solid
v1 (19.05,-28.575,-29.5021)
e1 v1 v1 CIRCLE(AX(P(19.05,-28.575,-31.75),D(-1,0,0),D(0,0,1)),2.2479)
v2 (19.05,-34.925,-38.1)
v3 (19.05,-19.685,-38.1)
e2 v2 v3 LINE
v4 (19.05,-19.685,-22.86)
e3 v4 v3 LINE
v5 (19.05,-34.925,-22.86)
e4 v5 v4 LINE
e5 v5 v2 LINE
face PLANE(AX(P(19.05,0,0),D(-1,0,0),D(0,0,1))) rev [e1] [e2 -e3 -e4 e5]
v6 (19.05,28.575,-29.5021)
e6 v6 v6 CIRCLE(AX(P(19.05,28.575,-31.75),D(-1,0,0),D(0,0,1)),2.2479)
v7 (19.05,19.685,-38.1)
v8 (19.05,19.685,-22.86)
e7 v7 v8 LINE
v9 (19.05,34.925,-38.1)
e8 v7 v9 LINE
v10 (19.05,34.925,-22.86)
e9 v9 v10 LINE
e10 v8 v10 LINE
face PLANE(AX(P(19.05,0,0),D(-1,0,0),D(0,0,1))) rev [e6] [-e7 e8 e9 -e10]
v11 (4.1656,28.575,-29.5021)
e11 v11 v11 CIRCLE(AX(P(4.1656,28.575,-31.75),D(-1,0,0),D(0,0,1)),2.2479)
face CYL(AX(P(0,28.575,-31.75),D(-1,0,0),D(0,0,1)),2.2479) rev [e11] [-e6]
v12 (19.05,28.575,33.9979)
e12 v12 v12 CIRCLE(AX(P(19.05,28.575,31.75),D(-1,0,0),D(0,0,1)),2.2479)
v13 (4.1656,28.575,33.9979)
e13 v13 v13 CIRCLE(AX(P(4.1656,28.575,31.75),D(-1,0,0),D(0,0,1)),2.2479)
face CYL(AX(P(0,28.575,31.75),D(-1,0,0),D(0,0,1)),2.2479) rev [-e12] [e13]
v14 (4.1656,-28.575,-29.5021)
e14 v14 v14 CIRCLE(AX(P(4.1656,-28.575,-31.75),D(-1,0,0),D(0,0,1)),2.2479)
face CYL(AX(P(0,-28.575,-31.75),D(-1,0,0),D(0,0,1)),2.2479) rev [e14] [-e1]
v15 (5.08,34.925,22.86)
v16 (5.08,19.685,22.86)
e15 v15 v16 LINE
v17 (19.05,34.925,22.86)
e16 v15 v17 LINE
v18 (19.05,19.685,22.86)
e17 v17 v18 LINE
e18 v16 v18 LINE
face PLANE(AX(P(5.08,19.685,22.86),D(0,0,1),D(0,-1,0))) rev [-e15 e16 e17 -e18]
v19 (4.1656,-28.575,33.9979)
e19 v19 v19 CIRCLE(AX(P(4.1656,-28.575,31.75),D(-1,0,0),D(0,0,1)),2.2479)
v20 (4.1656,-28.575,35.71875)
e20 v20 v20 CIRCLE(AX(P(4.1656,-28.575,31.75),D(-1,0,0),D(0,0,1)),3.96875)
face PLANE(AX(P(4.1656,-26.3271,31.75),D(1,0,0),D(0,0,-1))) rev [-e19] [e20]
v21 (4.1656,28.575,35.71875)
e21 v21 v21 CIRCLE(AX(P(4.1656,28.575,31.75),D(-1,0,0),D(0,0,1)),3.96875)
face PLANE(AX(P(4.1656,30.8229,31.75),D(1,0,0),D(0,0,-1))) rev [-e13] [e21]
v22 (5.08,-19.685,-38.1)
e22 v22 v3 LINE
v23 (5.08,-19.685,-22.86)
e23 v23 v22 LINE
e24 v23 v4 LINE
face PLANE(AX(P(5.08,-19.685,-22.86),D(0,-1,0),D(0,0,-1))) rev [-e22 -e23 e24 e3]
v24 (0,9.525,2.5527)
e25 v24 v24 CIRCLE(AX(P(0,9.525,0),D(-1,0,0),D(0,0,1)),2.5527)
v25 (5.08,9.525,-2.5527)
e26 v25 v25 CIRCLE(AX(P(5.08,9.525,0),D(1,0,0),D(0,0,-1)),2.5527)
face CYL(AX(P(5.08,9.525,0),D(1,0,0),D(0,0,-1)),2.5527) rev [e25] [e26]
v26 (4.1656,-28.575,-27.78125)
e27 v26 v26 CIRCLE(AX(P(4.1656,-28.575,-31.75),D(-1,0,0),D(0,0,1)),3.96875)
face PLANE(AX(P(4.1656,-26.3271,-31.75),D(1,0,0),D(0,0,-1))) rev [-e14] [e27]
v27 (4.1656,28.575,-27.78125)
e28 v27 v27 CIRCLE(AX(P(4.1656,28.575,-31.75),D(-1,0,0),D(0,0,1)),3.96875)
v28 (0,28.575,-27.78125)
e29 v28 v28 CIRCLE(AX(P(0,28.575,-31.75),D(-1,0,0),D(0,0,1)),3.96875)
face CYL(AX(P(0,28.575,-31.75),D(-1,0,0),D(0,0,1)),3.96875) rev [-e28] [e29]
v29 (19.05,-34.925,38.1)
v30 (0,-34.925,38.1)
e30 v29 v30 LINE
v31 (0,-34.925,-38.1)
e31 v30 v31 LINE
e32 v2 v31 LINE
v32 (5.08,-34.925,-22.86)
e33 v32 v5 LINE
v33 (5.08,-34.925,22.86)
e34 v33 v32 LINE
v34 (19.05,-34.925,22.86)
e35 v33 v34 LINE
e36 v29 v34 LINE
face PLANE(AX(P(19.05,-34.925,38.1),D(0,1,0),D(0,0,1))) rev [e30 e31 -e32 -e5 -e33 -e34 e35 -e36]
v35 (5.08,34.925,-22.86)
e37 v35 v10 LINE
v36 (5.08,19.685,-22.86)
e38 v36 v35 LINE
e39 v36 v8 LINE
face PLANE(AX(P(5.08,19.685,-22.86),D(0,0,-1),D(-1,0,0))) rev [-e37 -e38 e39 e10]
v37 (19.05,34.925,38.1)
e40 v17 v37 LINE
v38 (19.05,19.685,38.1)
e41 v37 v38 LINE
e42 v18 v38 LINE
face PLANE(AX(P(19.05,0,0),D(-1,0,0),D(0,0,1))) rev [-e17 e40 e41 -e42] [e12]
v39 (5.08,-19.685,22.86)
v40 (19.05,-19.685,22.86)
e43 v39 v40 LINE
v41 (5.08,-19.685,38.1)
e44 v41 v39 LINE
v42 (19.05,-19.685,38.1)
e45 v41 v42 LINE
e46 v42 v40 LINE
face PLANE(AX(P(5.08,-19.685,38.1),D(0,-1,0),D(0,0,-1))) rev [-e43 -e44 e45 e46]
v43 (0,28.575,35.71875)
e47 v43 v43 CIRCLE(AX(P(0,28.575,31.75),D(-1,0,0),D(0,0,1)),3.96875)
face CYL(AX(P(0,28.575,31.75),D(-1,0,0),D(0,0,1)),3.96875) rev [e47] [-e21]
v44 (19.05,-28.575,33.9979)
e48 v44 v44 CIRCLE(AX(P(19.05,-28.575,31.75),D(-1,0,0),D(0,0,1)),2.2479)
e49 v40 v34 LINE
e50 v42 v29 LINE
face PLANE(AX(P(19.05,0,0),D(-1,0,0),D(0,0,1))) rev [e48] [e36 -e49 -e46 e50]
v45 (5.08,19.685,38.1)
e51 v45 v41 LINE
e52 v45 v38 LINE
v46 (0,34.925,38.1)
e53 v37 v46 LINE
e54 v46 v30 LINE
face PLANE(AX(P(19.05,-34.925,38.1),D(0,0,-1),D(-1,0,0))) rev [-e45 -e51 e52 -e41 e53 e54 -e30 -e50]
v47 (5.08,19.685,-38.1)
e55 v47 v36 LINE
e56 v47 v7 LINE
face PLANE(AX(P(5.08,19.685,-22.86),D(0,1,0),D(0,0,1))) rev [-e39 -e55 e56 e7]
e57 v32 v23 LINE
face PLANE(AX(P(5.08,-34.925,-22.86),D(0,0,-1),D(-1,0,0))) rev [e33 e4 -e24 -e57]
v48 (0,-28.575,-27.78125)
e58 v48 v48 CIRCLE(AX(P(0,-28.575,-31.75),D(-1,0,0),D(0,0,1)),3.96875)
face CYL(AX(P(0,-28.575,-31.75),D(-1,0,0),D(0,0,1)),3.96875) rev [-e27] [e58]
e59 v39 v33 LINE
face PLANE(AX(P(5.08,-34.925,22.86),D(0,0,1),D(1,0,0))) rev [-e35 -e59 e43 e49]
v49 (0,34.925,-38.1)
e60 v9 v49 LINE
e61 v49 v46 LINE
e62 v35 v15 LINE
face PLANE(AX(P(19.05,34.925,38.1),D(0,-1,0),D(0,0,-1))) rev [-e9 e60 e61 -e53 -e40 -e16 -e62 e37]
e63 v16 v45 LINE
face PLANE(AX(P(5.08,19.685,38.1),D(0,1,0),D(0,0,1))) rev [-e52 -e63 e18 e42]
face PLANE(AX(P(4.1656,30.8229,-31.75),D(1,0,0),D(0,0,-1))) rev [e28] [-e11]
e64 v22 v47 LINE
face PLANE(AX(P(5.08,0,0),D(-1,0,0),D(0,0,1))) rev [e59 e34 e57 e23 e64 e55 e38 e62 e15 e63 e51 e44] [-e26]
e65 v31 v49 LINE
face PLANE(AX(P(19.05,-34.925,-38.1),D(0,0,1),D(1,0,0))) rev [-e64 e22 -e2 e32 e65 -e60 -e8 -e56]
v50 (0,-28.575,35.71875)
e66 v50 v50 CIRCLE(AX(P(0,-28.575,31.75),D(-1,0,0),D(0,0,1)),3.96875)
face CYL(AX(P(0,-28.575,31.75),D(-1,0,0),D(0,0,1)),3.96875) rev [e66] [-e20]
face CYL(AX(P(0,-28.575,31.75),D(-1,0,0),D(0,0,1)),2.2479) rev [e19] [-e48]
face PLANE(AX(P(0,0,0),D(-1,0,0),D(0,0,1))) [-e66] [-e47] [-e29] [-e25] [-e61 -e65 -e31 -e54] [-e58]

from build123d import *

# Parameters (mm, degrees)
SKETCH1_W                                      = 76.2
SKETCH1_H                                      = 69.85
BOSS_EXTRUDE1_DEPTH                            = 19.05
CUT_EXTRUDE1_DEPTH                             = 13.97
CBORE_FOR_8_SOCKET_HEAD_CAP_SCREW1_D           = 4.4958
CBORE_FOR_8_SOCKET_HEAD_CAP_SCREW1_CBORE_D     = 7.9375
CBORE_FOR_8_SOCKET_HEAD_CAP_SCREW1_CBORE_DEPTH = 4.1656
F_1_4_20_TAPPED_HOLE1_D                        = 5.1054
F_1_4_20_TAPPED_HOLE1_DEPTH                    = 19.05
F_1_4_20_TAPPED_HOLE1_TIP                      = 1.533816902


with BuildPart() as part:
    # Sketch1 → Boss-Extrude1 (new body)
    with BuildSketch(Plane(origin=(0, 0, 0), x_dir=(0, 0, -1), z_dir=(1, 0, 0))):
        Rectangle(SKETCH1_W, SKETCH1_H)
    extrude(amount=BOSS_EXTRUDE1_DEPTH)

    # Sketch2 → Cut-Extrude1 (cut)
    with BuildSketch(Plane(origin=(19.05, 0, 0), x_dir=(0, 0, -1), z_dir=(1, 0, 0))):
        Polygon((-22.86, -34.925), (22.86, -34.925), (22.86, -19.685), (38.1, -19.685), (38.1, 19.685), (22.86, 19.685), (22.86, 34.925), (-22.86, 34.925), (-22.86, 19.685), (-38.1, 19.685), (-38.1, -19.685), (-22.86, -19.685), align=None)
    extrude(amount=-CUT_EXTRUDE1_DEPTH, mode=Mode.SUBTRACT)

    # CBORE for #8 Socket Head Cap Screw1 (through all)
    with Locations(Plane(origin=(0, -5.74842533, -9.122205943), x_dir=(0, 0, -1), z_dir=(-1, 0, 0))):
        with Locations((-40.872205943, -34.32342533), (22.627794057, -34.32342533), (22.627794057, 22.82657467), (-40.872205943, 22.82657467)):
            CounterBoreHole(CBORE_FOR_8_SOCKET_HEAD_CAP_SCREW1_D / 2, CBORE_FOR_8_SOCKET_HEAD_CAP_SCREW1_CBORE_D / 2, CBORE_FOR_8_SOCKET_HEAD_CAP_SCREW1_CBORE_DEPTH)

    # 1/4-20 Tapped Hole1
    with Locations(Plane(origin=(5.08, 0, 0), x_dir=(0, 0, -1), z_dir=(1, 0, 0))):
        with Locations((0, 9.525)):
            Hole(F_1_4_20_TAPPED_HOLE1_D / 2, depth=F_1_4_20_TAPPED_HOLE1_DEPTH)
            with Locations((0, 0, -(F_1_4_20_TAPPED_HOLE1_DEPTH + F_1_4_20_TAPPED_HOLE1_TIP / 2))):  # 118° drill point
                Cone(0, F_1_4_20_TAPPED_HOLE1_D / 2, F_1_4_20_TAPPED_HOLE1_TIP, mode=Mode.SUBTRACT)


solid = part.part
